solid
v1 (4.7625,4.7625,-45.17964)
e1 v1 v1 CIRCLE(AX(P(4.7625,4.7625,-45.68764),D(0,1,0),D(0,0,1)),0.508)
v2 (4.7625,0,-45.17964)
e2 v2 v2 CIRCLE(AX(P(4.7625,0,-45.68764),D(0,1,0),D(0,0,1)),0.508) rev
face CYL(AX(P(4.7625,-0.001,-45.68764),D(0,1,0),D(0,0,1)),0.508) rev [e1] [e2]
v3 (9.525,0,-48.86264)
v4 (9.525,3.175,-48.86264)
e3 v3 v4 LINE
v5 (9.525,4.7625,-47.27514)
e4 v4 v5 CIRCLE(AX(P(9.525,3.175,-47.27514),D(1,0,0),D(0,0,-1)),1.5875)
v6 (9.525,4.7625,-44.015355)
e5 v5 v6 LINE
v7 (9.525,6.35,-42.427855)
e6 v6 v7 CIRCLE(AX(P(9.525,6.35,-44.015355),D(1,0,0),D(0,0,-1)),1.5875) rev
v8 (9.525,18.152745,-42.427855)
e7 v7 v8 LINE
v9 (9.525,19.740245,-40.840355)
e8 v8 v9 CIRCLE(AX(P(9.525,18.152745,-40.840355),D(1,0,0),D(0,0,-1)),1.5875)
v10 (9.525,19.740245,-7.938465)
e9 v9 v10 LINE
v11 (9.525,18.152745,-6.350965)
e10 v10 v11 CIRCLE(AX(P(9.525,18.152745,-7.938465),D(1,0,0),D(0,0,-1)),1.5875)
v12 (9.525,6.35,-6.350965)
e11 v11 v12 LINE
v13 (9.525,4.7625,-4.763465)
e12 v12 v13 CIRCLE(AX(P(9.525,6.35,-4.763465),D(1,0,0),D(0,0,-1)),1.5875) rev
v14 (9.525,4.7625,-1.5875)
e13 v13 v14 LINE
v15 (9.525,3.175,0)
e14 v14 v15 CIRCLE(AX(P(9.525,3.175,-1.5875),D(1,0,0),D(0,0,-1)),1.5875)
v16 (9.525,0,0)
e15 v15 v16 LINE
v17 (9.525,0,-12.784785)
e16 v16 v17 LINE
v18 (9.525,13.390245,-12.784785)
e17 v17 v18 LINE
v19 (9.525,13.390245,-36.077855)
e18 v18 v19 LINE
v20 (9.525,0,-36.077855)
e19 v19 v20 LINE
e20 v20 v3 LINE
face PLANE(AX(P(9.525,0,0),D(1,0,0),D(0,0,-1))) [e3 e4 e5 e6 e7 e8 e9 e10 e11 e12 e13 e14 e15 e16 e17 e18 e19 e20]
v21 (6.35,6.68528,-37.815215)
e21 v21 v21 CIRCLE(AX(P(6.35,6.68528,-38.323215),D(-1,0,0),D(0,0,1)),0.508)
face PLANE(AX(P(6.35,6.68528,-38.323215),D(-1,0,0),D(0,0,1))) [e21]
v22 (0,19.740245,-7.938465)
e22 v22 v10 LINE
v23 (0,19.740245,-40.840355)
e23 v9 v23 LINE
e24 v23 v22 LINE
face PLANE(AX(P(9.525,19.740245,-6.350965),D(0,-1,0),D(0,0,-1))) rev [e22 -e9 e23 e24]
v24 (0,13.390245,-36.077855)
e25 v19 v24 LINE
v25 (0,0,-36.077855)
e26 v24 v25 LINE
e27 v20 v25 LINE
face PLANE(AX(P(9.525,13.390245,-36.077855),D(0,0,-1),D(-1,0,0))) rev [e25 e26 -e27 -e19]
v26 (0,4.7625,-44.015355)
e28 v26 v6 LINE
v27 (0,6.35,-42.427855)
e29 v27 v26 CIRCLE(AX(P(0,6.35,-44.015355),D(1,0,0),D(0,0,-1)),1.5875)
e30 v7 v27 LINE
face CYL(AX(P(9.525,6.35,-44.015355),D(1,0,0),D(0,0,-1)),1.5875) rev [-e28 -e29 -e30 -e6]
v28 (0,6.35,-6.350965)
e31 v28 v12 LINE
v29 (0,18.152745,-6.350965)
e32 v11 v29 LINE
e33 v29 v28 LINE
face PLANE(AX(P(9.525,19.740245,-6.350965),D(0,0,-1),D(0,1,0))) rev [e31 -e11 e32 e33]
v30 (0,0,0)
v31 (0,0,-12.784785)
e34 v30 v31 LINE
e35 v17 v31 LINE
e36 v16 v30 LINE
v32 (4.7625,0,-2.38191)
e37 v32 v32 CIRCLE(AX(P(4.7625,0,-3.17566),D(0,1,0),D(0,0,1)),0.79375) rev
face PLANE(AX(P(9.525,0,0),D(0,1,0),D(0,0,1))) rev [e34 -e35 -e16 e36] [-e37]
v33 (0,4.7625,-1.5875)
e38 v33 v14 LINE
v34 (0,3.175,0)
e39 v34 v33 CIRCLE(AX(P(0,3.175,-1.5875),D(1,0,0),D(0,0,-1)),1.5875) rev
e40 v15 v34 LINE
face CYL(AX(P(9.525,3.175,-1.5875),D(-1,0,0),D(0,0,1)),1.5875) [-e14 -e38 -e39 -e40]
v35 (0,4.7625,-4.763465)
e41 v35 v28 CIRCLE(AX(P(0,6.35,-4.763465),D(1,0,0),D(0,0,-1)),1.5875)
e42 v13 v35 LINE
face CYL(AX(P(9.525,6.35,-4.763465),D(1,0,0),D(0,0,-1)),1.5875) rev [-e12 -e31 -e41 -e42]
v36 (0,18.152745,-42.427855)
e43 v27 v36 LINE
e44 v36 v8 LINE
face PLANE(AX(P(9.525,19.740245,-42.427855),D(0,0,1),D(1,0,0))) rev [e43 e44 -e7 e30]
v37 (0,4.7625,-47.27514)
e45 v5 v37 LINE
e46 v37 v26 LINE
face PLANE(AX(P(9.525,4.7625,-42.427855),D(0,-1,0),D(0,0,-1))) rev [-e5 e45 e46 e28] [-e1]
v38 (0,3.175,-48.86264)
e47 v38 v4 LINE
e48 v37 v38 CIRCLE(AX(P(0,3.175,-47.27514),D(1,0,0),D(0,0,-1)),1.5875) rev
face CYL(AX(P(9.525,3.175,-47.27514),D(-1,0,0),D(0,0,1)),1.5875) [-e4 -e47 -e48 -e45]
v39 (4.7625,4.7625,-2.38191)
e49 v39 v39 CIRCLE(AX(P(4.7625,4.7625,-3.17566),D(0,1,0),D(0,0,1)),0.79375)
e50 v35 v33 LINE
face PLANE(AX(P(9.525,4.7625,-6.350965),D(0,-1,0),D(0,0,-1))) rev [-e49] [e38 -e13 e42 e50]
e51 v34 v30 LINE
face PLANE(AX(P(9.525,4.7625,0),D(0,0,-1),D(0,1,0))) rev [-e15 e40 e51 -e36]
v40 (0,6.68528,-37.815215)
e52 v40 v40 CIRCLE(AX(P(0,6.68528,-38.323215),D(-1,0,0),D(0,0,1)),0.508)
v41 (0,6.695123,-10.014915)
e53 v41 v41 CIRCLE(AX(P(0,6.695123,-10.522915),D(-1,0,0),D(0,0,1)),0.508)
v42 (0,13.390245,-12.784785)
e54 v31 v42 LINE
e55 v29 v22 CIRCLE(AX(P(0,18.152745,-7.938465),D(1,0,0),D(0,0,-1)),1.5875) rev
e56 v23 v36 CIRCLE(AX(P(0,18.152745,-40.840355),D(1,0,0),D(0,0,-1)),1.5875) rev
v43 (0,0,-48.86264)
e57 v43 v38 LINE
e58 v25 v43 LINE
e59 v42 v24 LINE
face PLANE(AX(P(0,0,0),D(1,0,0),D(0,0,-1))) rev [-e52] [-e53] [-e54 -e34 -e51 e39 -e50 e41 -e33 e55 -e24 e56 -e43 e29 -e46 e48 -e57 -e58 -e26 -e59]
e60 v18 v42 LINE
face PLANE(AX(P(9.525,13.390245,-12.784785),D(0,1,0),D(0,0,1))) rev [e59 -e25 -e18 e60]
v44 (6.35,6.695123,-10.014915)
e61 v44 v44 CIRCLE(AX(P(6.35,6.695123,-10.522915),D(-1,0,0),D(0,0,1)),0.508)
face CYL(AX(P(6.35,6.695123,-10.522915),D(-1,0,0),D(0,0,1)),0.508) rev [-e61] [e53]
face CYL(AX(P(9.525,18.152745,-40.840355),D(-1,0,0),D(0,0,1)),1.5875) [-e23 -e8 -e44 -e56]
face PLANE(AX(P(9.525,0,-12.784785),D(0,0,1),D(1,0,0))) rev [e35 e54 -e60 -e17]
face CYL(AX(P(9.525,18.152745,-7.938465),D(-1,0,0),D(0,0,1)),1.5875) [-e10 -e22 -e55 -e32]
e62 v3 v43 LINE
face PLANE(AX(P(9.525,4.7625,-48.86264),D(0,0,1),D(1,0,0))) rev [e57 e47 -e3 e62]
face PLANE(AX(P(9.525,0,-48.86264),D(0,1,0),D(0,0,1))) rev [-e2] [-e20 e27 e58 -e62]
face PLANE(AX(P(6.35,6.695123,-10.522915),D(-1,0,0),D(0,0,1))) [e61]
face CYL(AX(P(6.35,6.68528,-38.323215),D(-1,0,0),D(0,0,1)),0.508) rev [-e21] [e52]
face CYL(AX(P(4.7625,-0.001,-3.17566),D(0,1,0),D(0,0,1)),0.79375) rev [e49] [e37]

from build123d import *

# Parameters (mm, degrees)
BOSS_EXTRUDE1_DEPTH = 9.525
CUT_EXTRUDE1_REACH  = 6.763
SKETCH2_R           = 0.508
SKETCH2_R_2         = 0.79375
SKETCH3_R           = 0.508
CUT_EXTRUDE2_DEPTH  = 6.35
FILLET1_R           = 1.5875


with BuildPart() as part:
    # Sketch1 → Boss-Extrude1 (new body)
    with BuildSketch(Plane(origin=(0, 0, 0), x_dir=(0, 0, -1), z_dir=(1, 0, 0))):
        Polygon((0, 0), (12.7847852, 0), (12.7847852, 13.390245), (36.0778552, 13.390245), (36.0778552, 0), (48.8626404, 0), (48.8626404, 4.7625), (42.4278552, 4.7625), (42.4278552, 19.740245), (41.4309052, 19.740245), (6.3509652, 19.740245), (6.3509652, 4.7625), (0, 4.7625), align=None)
    extrude(amount=BOSS_EXTRUDE1_DEPTH)

    # Sketch2 → Cut-Extrude1 (cut, up to next)
    with BuildSketch(Plane(origin=(0, 4.7625, 0), x_dir=(1, 0, 0), z_dir=(0, 1, 0)), mode=Mode.PRIVATE) as cut_extrude1_sk1:
        with Locations((4.7625, 45.6876404)):
            Circle(SKETCH2_R)
    cut_extrude1_tool1 = extrude(cut_extrude1_sk1.sketch, amount=-CUT_EXTRUDE1_REACH, mode=Mode.PRIVATE) & part.part
    add(cut_extrude1_tool1.solids().sort_by_distance((4.7625, 4.7625, -45.68764))[0], mode=Mode.SUBTRACT)
    # Sketch2 → Cut-Extrude1 (cut, up to next)
    with BuildSketch(Plane(origin=(0, 4.7625, 0), x_dir=(1, 0, 0), z_dir=(0, 1, 0)), mode=Mode.PRIVATE) as cut_extrude1_sk2:
        with Locations((4.7625, 3.1756604)):
            Circle(SKETCH2_R_2)
    cut_extrude1_tool2 = extrude(cut_extrude1_sk2.sketch, amount=-CUT_EXTRUDE1_REACH, mode=Mode.PRIVATE) & part.part
    add(cut_extrude1_tool2.solids().sort_by_distance((4.7625, 4.7625, -3.17566))[0], mode=Mode.SUBTRACT)

    # Sketch3 → Cut-Extrude2 (cut)
    with BuildSketch(Plane.ZY):
        with Locations((-38.3232152, 6.68528)):
            Circle(SKETCH3_R)
        with Locations((-10.5229152, 6.6951225)):
            Circle(SKETCH3_R)
    extrude(amount=-CUT_EXTRUDE2_DEPTH, mode=Mode.SUBTRACT)

    # Fillet1
    fillet1_edges = [part.edges().sort_by_distance(p)[0] for p in [
        (4.7625, 4.7625, 0),
        (4.7625, 4.7625, -6.3509652),
        (4.7625, 19.740245, -6.3509652),
        (4.7625, 19.740245, -42.4278552),
        (4.7625, 4.7625, -42.4278552),
        (4.7625, 4.7625, -48.8626404),
    ]]
    fillet(fillet1_edges, radius=FILLET1_R)


solid = part.part
